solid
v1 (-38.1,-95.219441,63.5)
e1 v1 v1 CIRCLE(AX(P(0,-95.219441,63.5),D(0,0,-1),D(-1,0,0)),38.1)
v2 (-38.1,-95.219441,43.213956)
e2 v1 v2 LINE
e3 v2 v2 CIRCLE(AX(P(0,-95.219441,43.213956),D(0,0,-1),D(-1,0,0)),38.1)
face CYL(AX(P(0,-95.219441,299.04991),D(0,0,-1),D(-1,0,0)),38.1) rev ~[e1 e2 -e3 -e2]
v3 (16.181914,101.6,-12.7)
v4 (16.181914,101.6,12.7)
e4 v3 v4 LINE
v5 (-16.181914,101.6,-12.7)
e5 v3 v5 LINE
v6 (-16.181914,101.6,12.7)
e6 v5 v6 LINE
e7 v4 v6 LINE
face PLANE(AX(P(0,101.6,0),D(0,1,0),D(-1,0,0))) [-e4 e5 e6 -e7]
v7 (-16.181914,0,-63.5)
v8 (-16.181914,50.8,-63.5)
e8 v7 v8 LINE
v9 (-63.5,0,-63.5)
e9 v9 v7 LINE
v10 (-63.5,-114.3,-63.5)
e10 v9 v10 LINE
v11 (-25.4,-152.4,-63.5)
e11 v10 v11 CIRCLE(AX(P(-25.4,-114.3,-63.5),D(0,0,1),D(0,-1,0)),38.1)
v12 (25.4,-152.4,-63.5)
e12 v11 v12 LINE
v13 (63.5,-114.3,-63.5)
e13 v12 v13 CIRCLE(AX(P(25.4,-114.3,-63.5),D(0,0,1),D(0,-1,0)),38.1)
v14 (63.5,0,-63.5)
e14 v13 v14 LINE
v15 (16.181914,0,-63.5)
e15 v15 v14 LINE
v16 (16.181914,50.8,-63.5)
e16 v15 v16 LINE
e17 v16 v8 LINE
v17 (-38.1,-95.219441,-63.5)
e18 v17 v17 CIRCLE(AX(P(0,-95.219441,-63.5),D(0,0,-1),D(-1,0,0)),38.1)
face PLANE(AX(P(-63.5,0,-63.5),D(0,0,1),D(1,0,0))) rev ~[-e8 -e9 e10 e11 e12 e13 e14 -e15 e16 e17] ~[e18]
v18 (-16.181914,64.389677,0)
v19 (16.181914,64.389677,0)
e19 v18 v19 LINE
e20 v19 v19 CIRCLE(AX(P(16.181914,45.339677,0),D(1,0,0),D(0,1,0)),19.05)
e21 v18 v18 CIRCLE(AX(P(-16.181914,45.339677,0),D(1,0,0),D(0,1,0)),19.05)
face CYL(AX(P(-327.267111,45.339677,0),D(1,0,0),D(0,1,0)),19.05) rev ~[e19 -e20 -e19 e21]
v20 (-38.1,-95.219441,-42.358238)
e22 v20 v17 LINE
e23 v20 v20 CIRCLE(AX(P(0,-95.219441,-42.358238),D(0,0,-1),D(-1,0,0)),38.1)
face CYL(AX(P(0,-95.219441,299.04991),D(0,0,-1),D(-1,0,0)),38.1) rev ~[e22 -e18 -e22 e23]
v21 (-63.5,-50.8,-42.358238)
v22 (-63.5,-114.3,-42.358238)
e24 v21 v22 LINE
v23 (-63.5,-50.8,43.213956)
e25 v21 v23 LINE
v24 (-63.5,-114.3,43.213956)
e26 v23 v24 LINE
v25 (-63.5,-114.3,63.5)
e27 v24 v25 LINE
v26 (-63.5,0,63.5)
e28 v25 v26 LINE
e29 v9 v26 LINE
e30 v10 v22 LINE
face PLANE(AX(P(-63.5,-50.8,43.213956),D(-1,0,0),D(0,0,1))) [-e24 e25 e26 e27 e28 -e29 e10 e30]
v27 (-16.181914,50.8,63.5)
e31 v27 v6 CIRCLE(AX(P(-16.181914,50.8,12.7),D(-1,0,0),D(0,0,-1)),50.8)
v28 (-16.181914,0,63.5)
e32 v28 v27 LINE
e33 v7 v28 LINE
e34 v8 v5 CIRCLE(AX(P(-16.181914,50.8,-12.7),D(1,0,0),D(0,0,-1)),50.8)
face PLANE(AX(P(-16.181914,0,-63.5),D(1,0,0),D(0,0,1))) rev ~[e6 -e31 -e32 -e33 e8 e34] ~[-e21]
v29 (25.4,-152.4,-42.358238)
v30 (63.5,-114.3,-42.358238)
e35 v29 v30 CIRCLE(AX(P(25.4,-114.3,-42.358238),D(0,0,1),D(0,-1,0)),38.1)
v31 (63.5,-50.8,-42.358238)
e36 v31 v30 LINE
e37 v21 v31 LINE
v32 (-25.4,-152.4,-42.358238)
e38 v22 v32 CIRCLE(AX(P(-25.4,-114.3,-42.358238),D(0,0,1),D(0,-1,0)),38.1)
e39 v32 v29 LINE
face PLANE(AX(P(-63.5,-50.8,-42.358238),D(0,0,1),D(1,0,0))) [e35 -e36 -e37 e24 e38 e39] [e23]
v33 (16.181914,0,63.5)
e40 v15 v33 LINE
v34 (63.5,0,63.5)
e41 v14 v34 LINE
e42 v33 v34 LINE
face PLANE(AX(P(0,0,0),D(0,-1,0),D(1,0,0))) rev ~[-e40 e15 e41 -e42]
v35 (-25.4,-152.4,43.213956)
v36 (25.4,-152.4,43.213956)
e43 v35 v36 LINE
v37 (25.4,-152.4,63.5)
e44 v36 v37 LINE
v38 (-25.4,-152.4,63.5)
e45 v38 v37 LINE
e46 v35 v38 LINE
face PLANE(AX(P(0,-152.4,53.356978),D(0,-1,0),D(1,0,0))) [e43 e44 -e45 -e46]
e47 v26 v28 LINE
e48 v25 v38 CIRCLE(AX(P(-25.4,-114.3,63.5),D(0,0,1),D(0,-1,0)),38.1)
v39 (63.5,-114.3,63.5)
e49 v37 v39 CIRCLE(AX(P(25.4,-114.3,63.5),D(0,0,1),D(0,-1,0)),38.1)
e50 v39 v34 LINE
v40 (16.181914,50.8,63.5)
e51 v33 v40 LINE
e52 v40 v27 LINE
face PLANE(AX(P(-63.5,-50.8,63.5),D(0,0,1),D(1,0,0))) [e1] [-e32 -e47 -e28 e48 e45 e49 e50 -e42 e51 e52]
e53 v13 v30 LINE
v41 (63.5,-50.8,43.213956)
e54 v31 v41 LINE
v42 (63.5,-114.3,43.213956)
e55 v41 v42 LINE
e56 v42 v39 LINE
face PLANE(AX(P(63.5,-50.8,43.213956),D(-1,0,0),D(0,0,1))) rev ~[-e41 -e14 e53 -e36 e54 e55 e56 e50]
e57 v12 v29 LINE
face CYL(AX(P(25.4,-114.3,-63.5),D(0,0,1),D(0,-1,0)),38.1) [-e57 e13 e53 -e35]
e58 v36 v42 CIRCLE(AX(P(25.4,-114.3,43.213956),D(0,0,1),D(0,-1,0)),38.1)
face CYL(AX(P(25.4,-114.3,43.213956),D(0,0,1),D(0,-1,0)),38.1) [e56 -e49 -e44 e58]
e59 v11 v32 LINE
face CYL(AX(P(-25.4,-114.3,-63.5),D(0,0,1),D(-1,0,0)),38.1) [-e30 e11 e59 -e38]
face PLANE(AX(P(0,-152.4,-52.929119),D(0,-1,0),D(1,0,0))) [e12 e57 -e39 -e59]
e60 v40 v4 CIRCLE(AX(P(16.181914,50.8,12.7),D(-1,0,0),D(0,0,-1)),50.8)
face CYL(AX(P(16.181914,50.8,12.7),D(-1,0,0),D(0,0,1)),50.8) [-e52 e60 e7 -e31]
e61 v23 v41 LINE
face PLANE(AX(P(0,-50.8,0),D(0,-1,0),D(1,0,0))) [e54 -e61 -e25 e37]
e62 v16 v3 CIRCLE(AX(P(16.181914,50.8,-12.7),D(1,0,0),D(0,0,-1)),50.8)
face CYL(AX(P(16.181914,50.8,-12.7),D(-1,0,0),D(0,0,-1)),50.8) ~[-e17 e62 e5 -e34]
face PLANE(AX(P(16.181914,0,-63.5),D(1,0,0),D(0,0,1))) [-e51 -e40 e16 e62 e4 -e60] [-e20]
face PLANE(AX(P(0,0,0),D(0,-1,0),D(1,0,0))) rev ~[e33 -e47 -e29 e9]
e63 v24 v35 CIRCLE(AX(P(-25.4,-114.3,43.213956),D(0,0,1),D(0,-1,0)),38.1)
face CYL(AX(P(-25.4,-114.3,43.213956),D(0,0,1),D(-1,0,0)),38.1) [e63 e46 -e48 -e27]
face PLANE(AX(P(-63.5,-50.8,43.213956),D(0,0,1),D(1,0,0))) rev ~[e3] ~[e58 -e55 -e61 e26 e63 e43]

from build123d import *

# Parameters (mm, degrees)
F0_W     = 127
F0_H     = 127
F1_DEPTH = 50.8
F2_W     = 127
F2_H     = 20.286044
F2_H_2   = 21.141762
F3_DEPTH = 101.6
F5_D     = 76.2
F6_R     = 38.1
F7_W     = 32.363828
F7_H     = 127
F8_DEPTH = 101.6
F10_D    = 38.1
F11_R    = 50.8


with BuildPart() as f1:
    # F0 (on Front) → F1 (new body)
    with BuildSketch(Plane.XZ):
        Rectangle(F0_W, F0_H)
    extrude(amount=F1_DEPTH)

    # F2 (on face) → F3 (join)
    with BuildSketch(Plane.XZ.offset(50.8)):
        with Locations((0, 53.356978)):
            Rectangle(F2_W, F2_H)
        with Locations((0, -52.929119)):
            Rectangle(F2_W, F2_H_2)
    extrude(amount=F3_DEPTH)

    # F5 (through all)
    with Locations(Plane.XY.offset(63.5)):
        with Locations((0, -95.219441)):
            Hole(F5_D / 2)

    # F6
    f6_edges = [f1.edges().sort_by_distance(p)[0] for p in [
        (63.5, -152.4, 53.356978),
        (-63.5, -152.4, 53.356978),
        (63.5, -152.4, -52.929119),
        (-63.5, -152.4, -52.929119),
    ]]
    fillet(f6_edges, radius=F6_R)

    # F7 (on face) → F8 (join)
    with BuildSketch(Plane(origin=(0, 0, 0), x_dir=(-1, 0, 0), z_dir=(0, 1, 0))):
        Rectangle(F7_W, F7_H)
    extrude(amount=F8_DEPTH)

    # F10 (through all)
    with Locations(Plane(origin=(-16.181914, 0, 0), x_dir=(0, -1, 0), z_dir=(-1, 0, 0))):
        with Locations((-45.339677, 0)):
            Hole(F10_D / 2)

    # F11
    f11_edges = [f1.edges().sort_by_distance(p)[0] for p in [
        (0, 101.6, 63.5),
        (0, 101.6, -63.5),
    ]]
    fillet(f11_edges, radius=F11_R)


solid = f1.part
